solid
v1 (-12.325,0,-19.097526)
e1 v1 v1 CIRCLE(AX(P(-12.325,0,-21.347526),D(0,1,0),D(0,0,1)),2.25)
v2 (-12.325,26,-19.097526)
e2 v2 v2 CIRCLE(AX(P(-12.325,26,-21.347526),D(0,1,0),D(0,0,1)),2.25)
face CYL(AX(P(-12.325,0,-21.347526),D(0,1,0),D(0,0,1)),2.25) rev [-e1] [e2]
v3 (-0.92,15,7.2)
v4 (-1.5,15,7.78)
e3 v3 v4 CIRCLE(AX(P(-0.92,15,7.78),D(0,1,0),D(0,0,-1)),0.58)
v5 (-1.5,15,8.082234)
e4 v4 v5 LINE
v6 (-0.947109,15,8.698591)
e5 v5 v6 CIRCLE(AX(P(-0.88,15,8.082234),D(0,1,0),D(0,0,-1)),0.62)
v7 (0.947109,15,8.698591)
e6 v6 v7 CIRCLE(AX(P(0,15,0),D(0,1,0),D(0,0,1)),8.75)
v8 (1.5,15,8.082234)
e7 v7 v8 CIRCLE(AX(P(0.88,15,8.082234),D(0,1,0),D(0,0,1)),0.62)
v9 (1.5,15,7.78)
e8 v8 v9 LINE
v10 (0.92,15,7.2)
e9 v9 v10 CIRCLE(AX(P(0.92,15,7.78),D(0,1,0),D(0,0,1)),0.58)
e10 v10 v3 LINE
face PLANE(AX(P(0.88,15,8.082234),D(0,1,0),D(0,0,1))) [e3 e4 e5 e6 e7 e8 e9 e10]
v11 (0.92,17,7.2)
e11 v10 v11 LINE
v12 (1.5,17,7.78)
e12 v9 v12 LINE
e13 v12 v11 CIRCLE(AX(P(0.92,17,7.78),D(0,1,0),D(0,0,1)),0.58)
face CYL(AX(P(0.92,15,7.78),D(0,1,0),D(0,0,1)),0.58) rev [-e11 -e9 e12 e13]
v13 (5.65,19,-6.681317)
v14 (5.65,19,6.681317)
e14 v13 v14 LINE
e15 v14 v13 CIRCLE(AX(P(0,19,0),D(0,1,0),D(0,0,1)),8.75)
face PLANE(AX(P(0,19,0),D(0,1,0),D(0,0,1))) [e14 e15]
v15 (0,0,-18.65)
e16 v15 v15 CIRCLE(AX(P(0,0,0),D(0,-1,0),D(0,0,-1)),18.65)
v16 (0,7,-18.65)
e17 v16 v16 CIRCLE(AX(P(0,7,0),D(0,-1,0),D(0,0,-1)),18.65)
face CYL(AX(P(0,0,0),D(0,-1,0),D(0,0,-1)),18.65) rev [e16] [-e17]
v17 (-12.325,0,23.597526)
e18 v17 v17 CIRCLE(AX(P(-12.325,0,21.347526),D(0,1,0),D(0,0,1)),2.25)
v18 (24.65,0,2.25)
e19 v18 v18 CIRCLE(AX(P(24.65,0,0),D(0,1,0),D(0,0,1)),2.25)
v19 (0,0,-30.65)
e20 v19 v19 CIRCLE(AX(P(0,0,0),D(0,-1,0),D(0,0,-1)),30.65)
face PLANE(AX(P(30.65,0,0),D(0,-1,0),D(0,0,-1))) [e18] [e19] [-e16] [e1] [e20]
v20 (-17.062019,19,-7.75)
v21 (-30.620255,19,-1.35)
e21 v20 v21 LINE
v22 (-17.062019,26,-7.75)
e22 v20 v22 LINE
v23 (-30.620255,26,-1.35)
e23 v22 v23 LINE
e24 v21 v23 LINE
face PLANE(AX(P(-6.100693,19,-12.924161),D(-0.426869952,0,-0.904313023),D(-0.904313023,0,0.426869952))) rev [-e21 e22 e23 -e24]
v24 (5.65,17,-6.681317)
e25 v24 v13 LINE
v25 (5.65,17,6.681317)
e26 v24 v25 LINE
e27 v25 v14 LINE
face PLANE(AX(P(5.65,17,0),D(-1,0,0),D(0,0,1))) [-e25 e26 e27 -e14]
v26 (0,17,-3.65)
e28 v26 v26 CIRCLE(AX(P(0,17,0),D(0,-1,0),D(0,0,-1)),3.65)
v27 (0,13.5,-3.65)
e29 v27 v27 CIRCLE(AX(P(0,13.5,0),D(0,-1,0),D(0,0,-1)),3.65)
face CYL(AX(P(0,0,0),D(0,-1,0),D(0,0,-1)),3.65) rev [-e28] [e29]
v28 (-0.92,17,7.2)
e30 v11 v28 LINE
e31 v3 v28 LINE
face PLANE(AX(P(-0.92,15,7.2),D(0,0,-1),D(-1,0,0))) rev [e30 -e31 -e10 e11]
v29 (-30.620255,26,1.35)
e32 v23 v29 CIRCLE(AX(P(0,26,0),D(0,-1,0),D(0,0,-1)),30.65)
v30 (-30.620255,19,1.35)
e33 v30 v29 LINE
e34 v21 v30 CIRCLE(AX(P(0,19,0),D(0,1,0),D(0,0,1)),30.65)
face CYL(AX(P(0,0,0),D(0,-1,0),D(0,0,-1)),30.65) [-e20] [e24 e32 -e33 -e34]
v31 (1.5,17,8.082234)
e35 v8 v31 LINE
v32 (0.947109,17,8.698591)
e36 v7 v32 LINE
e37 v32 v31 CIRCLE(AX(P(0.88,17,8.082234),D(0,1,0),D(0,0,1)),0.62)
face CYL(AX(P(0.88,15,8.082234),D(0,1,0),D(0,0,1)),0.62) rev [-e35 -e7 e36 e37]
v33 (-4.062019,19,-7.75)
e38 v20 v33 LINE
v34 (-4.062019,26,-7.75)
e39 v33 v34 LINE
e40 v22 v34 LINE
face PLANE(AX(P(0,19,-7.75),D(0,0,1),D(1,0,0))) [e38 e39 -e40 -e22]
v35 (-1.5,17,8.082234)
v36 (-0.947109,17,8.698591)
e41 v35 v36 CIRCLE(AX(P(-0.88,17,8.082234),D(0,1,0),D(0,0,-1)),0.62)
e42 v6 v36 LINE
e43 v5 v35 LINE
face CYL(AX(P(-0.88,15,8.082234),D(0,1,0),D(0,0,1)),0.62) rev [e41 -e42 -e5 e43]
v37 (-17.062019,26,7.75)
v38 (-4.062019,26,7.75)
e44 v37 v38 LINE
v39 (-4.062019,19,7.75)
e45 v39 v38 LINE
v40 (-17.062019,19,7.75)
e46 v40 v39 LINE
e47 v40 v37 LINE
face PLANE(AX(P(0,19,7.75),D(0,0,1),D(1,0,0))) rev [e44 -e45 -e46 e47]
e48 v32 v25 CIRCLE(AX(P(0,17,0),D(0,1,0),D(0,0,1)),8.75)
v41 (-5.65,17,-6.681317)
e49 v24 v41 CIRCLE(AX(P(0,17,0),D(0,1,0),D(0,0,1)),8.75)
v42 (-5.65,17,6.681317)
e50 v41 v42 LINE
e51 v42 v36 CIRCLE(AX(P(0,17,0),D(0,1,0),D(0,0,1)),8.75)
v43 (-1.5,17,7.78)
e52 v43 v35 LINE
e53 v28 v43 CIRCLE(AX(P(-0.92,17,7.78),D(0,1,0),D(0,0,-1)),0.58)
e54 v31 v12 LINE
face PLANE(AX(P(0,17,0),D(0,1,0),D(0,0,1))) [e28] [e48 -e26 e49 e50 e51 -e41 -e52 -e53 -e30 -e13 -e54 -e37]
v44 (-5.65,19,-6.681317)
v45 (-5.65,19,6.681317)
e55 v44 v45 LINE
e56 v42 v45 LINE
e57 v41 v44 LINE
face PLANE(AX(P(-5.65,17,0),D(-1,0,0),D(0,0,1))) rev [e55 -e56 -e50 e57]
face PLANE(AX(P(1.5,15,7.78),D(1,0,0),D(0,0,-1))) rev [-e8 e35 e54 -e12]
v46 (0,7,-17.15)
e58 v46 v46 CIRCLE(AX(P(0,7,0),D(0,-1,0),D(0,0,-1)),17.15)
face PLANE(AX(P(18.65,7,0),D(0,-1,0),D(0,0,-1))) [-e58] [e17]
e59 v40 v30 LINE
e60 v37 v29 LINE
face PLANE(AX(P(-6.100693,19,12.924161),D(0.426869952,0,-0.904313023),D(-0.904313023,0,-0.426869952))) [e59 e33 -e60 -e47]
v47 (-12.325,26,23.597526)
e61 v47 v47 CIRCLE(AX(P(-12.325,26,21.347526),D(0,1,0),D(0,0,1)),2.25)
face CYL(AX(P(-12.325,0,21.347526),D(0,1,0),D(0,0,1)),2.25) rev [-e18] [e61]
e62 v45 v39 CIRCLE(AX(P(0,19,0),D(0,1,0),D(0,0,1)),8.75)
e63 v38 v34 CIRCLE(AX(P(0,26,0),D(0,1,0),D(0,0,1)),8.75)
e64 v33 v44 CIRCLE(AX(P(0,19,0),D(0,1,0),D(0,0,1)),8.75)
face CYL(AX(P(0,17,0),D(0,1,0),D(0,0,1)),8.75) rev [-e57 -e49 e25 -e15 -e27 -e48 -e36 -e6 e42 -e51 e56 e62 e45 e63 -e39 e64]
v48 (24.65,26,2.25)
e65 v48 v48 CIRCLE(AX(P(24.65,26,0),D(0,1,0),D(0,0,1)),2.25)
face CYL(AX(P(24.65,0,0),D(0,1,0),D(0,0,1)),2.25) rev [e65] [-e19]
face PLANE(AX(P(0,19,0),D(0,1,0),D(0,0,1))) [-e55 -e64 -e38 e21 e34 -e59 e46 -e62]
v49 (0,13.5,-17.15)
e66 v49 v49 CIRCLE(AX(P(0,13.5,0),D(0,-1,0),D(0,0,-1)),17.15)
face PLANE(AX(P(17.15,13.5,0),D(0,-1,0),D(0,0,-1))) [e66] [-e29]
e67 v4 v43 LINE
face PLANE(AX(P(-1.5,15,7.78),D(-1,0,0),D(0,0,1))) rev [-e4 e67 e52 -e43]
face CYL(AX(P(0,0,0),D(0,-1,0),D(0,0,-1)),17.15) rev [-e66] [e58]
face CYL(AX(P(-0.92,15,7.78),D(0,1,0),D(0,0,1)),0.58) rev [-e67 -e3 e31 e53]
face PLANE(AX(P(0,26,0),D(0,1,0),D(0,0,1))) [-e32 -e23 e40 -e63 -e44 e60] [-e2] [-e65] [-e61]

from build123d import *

# Parameters (mm, degrees)
CUT_EXTRUDE_1316_DEPTH = 9
CUT_EXTRUDE_1657_DEPTH = 2
CUT_EXTRUDE_1713_DEPTH = 7
SKETCH_1963_R          = 2.25
CUT_EXTRUDE_2333_DEPTH = 51.545474575


with BuildPart() as part:
    # Эскиз1 → Повернуть1 (revolve)
    with BuildSketch(Plane.XY):
        Polygon((0, 26), (30.65, 26), (30.65, 0), (18.65, 0), (18.65, 7), (17.15, 7), (17.15, 13.5), (3.65, 13.5), (3.65, 17), (0, 17), align=None)
    revolve(axis=Axis((0, 0, 0), (0, 1, 0)))

    # Sketch 667 → Cut-Extrude 1316 (cut)
    with BuildSketch(Plane(origin=(0, 26, 0), x_dir=(1, 0, 0), z_dir=(0, 1, 0))):
        with BuildLine():
            Line((5.65, -6.681317235), (5.65, 6.681317235))
            ThreePointArc((5.65, 6.681317235), (0, 8.75), (-5.65, 6.681317235))
            Line((-5.65, 6.681317235), (-5.65, -6.681317235))
            ThreePointArc((-5.65, -6.681317235), (0, -8.75), (5.65, -6.681317235))
        make_face()
    extrude(amount=-CUT_EXTRUDE_1316_DEPTH, mode=Mode.SUBTRACT)

    # Sketch 1370 → Cut-Extrude 1657 (cut)
    with BuildSketch(Plane(origin=(0, 17, 0), x_dir=(1, 0, 0), z_dir=(0, 1, 0))):
        with BuildLine():
            Line((-0.92, -7.2), (0.92, -7.2))
            ThreePointArc((0.92, -7.2), (1.330121933, -7.369878067), (1.5, -7.78))
            Line((1.5, -7.78), (1.5, -8.082233602))
            ThreePointArc((1.5, -8.082233602), (1.341523495, -8.496233679), (0.947109471, -8.6985909))
            ThreePointArc((0.947109471, -8.6985909), (0, -8.75), (-0.947109471, -8.6985909))
            ThreePointArc((-0.947109471, -8.6985909), (-1.341523495, -8.496233679), (-1.5, -8.082233602))
            Line((-1.5, -8.082233602), (-1.5, -7.78))
            ThreePointArc((-1.5, -7.78), (-1.330121933, -7.369878067), (-0.92, -7.2))
        make_face()
    extrude(amount=-CUT_EXTRUDE_1657_DEPTH, mode=Mode.SUBTRACT)

    # Эскиз под резистор<3> → Cut-Extrude 1713 (cut)
    with BuildSketch(Plane(origin=(0, 26, 0), x_dir=(1, 0, 0), z_dir=(0, 1, 0))):
        with BuildLine():
            ThreePointArc((5.65, -6.681317235), (8.75, 0), (5.65, 6.681317235))
            Line((5.65, 6.681317235), (5.65, -6.681317235))
        make_face()
        with BuildLine():
            ThreePointArc((-5.65, 6.681317235), (-4.885319842, 7.259211392), (-4.062019202, 7.75))
            Line((-4.062019202, 7.75), (-17.062019202, 7.75))
            Line((-17.062019202, 7.75), (-30.620254734, 1.35))
            ThreePointArc((-30.620254734, 1.35), (-30.65, 0), (-30.620254734, -1.35))
            Line((-30.620254734, -1.35), (-17.062019202, -7.75))
            Line((-17.062019202, -7.75), (-4.062019202, -7.75))
            ThreePointArc((-4.062019202, -7.75), (-4.885319842, -7.259211392), (-5.65, -6.681317235))
            Line((-5.65, -6.681317235), (-5.65, 6.681317235))
        make_face()
    extrude(amount=-CUT_EXTRUDE_1713_DEPTH, mode=Mode.SUBTRACT)

    # Sketch 1963 → Cut-Extrude 2333 (cut, through all)
    with BuildSketch(Plane(origin=(0, 26, 0), x_dir=(1, 0, 0), z_dir=(0, 1, 0))):
        with Locations((24.65, 0)):
            Circle(SKETCH_1963_R)
        with Locations((-12.325, -21.347526203)):
            Circle(SKETCH_1963_R)
        with Locations((-12.325, 21.347526203)):
            Circle(SKETCH_1963_R)
    extrude(amount=-CUT_EXTRUDE_2333_DEPTH, mode=Mode.SUBTRACT)


solid = part.part
